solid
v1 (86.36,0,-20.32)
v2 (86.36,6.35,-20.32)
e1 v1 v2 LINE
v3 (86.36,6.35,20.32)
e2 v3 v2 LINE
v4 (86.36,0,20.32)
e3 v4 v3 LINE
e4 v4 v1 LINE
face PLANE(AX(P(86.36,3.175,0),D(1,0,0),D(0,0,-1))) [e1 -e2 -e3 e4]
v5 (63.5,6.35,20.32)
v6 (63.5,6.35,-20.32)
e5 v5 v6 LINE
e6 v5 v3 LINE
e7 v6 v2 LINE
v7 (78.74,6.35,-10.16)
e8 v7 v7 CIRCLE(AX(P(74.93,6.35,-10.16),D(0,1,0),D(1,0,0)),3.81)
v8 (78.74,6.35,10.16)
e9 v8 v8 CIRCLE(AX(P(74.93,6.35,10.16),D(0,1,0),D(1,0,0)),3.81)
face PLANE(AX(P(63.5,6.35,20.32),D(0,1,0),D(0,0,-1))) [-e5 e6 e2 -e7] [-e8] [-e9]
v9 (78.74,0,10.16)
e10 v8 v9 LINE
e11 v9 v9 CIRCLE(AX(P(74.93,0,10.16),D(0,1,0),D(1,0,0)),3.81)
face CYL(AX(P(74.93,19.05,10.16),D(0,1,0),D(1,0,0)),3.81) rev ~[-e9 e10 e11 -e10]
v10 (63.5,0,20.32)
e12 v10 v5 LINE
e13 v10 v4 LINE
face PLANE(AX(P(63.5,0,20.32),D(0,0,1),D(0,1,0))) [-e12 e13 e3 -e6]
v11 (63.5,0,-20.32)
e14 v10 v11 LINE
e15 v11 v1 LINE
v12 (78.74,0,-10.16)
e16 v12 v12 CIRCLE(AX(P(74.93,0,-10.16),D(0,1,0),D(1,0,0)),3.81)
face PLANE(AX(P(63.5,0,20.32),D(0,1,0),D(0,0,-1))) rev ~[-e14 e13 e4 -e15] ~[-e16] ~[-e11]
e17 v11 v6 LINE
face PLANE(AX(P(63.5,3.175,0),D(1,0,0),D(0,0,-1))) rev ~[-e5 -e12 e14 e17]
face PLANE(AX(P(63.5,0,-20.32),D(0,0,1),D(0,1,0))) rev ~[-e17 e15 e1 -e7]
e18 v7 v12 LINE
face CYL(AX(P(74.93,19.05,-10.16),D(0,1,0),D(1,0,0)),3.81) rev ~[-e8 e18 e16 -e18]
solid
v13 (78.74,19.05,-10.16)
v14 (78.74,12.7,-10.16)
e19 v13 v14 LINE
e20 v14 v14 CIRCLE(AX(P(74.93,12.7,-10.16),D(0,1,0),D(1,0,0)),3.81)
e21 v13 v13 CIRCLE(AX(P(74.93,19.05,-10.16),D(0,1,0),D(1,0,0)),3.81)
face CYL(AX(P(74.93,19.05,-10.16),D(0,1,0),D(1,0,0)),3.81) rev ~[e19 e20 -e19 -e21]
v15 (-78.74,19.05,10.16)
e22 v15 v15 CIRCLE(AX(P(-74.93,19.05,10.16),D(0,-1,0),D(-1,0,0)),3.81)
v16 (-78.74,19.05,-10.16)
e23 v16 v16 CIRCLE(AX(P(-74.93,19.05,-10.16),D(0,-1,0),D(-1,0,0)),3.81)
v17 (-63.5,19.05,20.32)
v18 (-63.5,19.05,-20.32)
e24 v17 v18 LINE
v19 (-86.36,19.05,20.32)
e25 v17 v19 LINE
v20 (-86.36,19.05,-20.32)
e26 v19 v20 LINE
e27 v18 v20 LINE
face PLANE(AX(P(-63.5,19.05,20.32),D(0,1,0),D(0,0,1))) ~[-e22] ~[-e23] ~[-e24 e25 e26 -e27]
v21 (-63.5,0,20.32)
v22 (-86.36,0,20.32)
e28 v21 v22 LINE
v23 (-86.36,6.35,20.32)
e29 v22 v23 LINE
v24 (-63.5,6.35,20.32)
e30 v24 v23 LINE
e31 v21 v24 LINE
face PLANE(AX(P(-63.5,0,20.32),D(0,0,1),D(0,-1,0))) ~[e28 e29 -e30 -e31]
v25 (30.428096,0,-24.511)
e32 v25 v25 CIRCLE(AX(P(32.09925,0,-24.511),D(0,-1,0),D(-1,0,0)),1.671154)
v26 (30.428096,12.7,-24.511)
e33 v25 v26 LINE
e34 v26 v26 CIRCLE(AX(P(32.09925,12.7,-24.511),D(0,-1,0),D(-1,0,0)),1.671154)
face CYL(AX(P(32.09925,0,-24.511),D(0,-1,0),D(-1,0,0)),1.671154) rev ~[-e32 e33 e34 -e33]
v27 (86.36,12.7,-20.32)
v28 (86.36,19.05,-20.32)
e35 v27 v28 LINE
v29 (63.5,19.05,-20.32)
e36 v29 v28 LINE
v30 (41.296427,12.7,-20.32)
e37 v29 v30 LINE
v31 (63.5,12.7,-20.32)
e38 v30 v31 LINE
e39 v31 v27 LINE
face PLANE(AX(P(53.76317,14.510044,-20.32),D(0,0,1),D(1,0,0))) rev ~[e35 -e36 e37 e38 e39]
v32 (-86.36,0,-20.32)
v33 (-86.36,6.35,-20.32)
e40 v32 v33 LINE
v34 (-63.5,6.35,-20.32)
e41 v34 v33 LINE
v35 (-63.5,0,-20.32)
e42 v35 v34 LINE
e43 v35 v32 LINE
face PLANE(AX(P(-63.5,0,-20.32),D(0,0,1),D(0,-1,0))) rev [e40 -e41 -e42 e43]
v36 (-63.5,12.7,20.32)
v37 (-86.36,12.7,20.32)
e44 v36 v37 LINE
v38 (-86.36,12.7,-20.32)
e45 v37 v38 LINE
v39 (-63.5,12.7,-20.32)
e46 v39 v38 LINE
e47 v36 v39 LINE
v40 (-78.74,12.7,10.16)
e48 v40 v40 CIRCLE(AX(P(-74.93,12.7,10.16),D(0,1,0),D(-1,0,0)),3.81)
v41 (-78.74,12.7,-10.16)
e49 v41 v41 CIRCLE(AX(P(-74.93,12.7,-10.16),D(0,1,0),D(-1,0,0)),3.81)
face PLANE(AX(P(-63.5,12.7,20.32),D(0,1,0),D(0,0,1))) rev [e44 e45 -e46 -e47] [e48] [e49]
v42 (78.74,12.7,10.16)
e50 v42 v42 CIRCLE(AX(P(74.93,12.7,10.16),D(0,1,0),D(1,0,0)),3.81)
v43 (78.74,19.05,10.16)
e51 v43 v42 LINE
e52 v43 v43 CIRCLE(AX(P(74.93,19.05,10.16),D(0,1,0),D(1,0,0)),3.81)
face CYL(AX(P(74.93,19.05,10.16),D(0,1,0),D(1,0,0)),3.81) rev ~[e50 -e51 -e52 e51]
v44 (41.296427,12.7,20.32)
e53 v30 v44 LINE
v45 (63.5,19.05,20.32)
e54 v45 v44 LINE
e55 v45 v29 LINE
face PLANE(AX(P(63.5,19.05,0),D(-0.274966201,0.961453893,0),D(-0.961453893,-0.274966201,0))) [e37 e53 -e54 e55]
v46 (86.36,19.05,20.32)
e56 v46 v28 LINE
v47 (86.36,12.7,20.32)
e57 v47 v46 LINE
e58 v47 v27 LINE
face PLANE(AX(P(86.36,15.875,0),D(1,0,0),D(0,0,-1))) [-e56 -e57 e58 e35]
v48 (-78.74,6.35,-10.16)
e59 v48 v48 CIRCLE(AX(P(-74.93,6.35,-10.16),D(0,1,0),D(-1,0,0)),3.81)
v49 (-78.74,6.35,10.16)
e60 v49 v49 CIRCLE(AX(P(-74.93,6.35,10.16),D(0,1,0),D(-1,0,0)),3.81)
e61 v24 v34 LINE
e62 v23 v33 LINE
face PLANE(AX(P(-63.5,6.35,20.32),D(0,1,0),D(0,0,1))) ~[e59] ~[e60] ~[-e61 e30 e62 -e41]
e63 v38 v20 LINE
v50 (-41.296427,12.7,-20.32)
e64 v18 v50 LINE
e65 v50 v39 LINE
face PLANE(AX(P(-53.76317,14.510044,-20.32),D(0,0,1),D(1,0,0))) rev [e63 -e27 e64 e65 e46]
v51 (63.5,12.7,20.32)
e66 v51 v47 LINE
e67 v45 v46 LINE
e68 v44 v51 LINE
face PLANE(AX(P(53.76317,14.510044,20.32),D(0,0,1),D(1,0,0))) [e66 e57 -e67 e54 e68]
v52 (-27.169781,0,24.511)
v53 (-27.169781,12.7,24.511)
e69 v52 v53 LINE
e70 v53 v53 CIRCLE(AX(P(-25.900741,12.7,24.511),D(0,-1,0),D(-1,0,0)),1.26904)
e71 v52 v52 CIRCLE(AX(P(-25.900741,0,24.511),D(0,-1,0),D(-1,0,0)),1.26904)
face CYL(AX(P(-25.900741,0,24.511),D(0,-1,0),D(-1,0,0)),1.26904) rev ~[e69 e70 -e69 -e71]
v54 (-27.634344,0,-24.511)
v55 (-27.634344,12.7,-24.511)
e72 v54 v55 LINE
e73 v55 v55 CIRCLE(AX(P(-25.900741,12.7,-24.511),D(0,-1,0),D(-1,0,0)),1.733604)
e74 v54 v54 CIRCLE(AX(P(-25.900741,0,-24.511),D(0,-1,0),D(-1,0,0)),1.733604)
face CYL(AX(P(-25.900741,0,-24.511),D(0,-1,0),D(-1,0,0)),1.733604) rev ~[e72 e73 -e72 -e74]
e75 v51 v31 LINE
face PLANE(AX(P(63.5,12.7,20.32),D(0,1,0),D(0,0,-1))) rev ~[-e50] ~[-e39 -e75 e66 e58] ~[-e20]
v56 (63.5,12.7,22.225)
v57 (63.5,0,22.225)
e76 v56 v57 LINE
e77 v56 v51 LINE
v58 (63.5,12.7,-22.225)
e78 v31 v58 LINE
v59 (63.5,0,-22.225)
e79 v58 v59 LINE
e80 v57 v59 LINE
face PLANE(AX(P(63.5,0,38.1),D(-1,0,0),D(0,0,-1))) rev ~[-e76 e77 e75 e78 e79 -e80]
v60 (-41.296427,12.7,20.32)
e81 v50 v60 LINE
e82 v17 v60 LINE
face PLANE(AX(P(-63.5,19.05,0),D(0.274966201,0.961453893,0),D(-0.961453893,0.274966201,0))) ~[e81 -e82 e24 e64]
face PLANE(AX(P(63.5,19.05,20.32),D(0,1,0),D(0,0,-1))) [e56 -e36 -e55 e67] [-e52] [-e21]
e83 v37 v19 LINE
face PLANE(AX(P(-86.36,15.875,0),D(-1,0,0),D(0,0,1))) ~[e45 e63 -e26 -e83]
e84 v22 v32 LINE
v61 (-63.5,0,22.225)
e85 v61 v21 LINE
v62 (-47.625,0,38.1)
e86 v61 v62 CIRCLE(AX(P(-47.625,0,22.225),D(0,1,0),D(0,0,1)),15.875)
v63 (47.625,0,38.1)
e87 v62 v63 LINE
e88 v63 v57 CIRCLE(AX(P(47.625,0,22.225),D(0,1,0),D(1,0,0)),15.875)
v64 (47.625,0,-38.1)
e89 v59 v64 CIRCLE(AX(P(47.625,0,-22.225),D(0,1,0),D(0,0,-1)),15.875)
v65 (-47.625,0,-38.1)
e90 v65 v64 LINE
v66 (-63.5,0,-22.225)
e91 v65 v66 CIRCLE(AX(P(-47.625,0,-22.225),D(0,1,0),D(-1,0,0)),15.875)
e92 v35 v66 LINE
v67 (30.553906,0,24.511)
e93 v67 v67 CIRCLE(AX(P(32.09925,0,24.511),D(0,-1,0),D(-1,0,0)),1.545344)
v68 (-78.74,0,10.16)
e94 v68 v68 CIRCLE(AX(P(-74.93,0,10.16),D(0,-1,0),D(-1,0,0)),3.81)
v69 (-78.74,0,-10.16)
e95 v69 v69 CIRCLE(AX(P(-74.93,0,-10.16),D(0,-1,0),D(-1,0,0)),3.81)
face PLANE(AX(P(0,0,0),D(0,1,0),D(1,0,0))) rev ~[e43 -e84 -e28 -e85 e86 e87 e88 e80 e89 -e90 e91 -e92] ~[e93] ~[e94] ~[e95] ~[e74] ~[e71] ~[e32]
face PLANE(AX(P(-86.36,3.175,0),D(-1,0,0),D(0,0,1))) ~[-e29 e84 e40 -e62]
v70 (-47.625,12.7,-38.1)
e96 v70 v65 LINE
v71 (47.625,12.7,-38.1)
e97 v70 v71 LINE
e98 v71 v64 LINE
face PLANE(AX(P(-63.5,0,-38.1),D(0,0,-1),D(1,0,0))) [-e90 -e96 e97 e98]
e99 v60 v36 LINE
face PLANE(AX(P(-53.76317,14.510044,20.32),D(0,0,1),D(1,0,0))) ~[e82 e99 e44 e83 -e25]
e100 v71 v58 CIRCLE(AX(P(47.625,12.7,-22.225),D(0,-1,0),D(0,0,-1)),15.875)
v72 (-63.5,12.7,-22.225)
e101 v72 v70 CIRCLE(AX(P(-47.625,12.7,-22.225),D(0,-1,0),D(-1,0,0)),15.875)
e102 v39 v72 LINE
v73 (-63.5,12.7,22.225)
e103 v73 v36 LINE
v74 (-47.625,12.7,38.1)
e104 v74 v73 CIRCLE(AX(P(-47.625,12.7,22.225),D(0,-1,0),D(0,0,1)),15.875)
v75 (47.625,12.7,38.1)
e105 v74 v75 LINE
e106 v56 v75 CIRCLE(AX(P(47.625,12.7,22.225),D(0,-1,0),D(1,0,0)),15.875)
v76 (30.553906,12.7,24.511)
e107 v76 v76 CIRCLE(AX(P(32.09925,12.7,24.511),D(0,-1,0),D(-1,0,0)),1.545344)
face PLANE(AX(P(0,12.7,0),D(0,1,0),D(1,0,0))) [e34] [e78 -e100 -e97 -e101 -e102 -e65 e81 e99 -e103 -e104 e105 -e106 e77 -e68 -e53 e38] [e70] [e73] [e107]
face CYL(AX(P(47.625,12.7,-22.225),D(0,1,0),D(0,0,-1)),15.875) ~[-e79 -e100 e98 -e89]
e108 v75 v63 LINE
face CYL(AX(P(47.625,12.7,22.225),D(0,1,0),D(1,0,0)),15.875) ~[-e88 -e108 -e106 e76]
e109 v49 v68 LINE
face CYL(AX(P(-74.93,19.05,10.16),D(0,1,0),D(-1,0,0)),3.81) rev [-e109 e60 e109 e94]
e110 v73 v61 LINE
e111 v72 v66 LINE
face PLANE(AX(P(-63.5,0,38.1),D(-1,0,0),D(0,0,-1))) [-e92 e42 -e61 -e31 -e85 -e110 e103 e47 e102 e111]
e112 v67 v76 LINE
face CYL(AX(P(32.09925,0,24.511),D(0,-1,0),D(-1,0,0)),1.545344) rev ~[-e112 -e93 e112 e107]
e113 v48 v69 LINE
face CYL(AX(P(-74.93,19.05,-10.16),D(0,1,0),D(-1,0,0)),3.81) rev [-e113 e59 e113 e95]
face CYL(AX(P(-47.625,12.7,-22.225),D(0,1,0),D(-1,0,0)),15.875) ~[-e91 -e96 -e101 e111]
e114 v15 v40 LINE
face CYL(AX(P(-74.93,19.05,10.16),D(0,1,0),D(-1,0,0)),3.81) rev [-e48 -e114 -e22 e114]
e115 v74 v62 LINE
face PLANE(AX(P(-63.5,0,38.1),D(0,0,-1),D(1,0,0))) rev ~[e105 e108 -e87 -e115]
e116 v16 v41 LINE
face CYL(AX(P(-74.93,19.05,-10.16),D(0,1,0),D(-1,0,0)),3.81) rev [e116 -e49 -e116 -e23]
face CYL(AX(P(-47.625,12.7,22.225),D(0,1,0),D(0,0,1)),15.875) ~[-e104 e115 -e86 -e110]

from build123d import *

# Parameters (mm, degrees)
SKETCH1_W             = 127
SKETCH1_H             = 76.2
BOSS_EXTRUDE1_DEPTH   = 12.7
SKETCH20_W            = 40.64
SKETCH20_H            = 6.35
BOSS_EXTRUDE7_DEPTH   = 22.86
BOSS_EXTRUDE7_2_DEPTH = 22.86
SKETCH21_R            = 3.81
CUT_EXTRUDE17_DEPTH   = 19.05
BOSS_EXTRUDE8_DEPTH   = 20.32
SKETCH19_R            = 1.671154259
SKETCH19_R_2          = 1.733603543
SKETCH19_R_3          = 1.269040072
SKETCH19_R_4          = 1.545344409
CUT_EXTRUDE18_DEPTH   = 42.672
CUT_EXTRUDE19_DEPTH   = 42.672


with BuildPart() as part:
    # Sketch1 → Boss-Extrude1 (new body)
    with BuildSketch(Plane(origin=(0, 0, 0), x_dir=(1, 0, 0), z_dir=(0, 1, 0))):
        Rectangle(SKETCH1_W, SKETCH1_H)
    extrude(amount=BOSS_EXTRUDE1_DEPTH)



with BuildPart() as body_2:
    # Sketch20 → Boss-Extrude7 (new body)
    with BuildSketch(Plane(origin=(63.5, 0, 0), x_dir=(0, 0, -1), z_dir=(1, 0, 0))):
        with Locations((0, 3.175)):
            Rectangle(SKETCH20_W, SKETCH20_H)
    boss_extrude7 = extrude(amount=BOSS_EXTRUDE7_DEPTH)


with BuildPart() as body_3:
    # Sketch20 → Boss-Extrude7 2 (new body)
    with BuildSketch(Plane(origin=(63.5, 0, 0), x_dir=(0, 0, -1), z_dir=(1, 0, 0))):
        with Locations((0, 15.875)):
            Rectangle(SKETCH20_W, SKETCH20_H)
    boss_extrude7_2 = extrude(amount=BOSS_EXTRUDE7_2_DEPTH)


with BuildPart() as cut_extrude17_tool:
    # Sketch21 → Cut-Extrude17 (new body)
    with BuildSketch(Plane(origin=(0, 19.05, 0), x_dir=(1, 0, 0), z_dir=(0, 1, 0))):
        with Locations((74.93, 10.16)):
            Circle(SKETCH21_R)
        with Locations((74.93, -10.16)):
            Circle(SKETCH21_R)
    cut_extrude17 = extrude(amount=-CUT_EXTRUDE17_DEPTH)


with BuildPart() as body_2_1:
    add(body_2.part)

    # Cut-Extrude17: cut by cut_extrude17_tool
    add(cut_extrude17_tool.part, mode=Mode.SUBTRACT)


with BuildPart() as body_3_1:
    add(body_3.part)

    # Cut-Extrude17: cut by cut_extrude17_tool
    add(cut_extrude17_tool.part, mode=Mode.SUBTRACT)


with BuildPart() as part_1:
    add(part.part)

    add(body_3_1.part)  # Boss-Extrude8 merges body 3
    # Sketch24 → Boss-Extrude8 (add, symmetric)
    with BuildSketch(Plane.XY):
        Polygon((63.5, 19.05), (41.29642666, 12.7), (63.5, 12.7), align=None)
    boss_extrude8 = extrude(amount=BOSS_EXTRUDE8_DEPTH, both=True)

    # Sketch19 → Cut-Extrude18 (cut)
    with BuildSketch(Plane(origin=(0, 0, 0), x_dir=(-1, 0, 0), z_dir=(0, -1, 0))):
        with Locations((-32.09925, 24.511)):
            Circle(SKETCH19_R)
        with Locations((25.90074068, 24.511)):
            Circle(SKETCH19_R_2)
        with Locations((25.90074068, -24.511)):
            Circle(SKETCH19_R_3)
        with Locations((-32.09925, -24.511)):
            Circle(SKETCH19_R_4)
    extrude(amount=-CUT_EXTRUDE18_DEPTH, mode=Mode.SUBTRACT)

    # Sketch12 → Cut-Extrude19 (cut)
    with BuildSketch(Plane(origin=(0, 12.7, 0), x_dir=(1, 0, 0), z_dir=(0, 1, 0))):
        with BuildLine():
            ThreePointArc((-47.625, -38.1), (-58.850320151, -33.450320151), (-63.5, -22.225))
            Line((-63.5, -22.225), (-63.5, -38.1))
            Line((-63.5, -38.1), (-47.625, -38.1))
        make_face()
        with BuildLine():
            ThreePointArc((-63.5, 22.225), (-58.850320151, 33.450320151), (-47.625, 38.1))
            Line((-47.625, 38.1), (-63.5, 38.1))
            Line((-63.5, 38.1), (-63.5, 22.225))
        make_face()
        with BuildLine():
            Line((63.5, 38.1), (47.625, 38.1))
            ThreePointArc((47.625, 38.1), (58.850320151, 33.450320151), (63.5, 22.225))
            Line((63.5, 22.225), (63.5, 38.1))
        make_face()
        with BuildLine():
            Line((63.5, -38.1), (63.5, -22.225))
            ThreePointArc((63.5, -22.225), (58.850320151, -33.450320151), (47.625, -38.1))
            Line((47.625, -38.1), (63.5, -38.1))
        make_face()
    extrude(amount=-CUT_EXTRUDE19_DEPTH, mode=Mode.SUBTRACT)

    # Mirror1: Boss-Extrude7, Boss-Extrude7 2, Cut-Extrude17, Boss-Extrude8 across plane
    add(boss_extrude7.mirror(Plane(origin=(0, 0, 0), x_dir=(0, 0, 1), z_dir=(1, 0, 0))))
    add(boss_extrude7_2.mirror(Plane(origin=(0, 0, 0), x_dir=(0, 0, 1), z_dir=(1, 0, 0))))
    add(cut_extrude17.mirror(Plane(origin=(0, 0, 0), x_dir=(0, 0, 1), z_dir=(1, 0, 0))), mode=Mode.SUBTRACT)
    add(boss_extrude8.mirror(Plane(origin=(0, 0, 0), x_dir=(0, 0, 1), z_dir=(1, 0, 0))))


solid = Compound([body_2_1.part, part_1.part])
